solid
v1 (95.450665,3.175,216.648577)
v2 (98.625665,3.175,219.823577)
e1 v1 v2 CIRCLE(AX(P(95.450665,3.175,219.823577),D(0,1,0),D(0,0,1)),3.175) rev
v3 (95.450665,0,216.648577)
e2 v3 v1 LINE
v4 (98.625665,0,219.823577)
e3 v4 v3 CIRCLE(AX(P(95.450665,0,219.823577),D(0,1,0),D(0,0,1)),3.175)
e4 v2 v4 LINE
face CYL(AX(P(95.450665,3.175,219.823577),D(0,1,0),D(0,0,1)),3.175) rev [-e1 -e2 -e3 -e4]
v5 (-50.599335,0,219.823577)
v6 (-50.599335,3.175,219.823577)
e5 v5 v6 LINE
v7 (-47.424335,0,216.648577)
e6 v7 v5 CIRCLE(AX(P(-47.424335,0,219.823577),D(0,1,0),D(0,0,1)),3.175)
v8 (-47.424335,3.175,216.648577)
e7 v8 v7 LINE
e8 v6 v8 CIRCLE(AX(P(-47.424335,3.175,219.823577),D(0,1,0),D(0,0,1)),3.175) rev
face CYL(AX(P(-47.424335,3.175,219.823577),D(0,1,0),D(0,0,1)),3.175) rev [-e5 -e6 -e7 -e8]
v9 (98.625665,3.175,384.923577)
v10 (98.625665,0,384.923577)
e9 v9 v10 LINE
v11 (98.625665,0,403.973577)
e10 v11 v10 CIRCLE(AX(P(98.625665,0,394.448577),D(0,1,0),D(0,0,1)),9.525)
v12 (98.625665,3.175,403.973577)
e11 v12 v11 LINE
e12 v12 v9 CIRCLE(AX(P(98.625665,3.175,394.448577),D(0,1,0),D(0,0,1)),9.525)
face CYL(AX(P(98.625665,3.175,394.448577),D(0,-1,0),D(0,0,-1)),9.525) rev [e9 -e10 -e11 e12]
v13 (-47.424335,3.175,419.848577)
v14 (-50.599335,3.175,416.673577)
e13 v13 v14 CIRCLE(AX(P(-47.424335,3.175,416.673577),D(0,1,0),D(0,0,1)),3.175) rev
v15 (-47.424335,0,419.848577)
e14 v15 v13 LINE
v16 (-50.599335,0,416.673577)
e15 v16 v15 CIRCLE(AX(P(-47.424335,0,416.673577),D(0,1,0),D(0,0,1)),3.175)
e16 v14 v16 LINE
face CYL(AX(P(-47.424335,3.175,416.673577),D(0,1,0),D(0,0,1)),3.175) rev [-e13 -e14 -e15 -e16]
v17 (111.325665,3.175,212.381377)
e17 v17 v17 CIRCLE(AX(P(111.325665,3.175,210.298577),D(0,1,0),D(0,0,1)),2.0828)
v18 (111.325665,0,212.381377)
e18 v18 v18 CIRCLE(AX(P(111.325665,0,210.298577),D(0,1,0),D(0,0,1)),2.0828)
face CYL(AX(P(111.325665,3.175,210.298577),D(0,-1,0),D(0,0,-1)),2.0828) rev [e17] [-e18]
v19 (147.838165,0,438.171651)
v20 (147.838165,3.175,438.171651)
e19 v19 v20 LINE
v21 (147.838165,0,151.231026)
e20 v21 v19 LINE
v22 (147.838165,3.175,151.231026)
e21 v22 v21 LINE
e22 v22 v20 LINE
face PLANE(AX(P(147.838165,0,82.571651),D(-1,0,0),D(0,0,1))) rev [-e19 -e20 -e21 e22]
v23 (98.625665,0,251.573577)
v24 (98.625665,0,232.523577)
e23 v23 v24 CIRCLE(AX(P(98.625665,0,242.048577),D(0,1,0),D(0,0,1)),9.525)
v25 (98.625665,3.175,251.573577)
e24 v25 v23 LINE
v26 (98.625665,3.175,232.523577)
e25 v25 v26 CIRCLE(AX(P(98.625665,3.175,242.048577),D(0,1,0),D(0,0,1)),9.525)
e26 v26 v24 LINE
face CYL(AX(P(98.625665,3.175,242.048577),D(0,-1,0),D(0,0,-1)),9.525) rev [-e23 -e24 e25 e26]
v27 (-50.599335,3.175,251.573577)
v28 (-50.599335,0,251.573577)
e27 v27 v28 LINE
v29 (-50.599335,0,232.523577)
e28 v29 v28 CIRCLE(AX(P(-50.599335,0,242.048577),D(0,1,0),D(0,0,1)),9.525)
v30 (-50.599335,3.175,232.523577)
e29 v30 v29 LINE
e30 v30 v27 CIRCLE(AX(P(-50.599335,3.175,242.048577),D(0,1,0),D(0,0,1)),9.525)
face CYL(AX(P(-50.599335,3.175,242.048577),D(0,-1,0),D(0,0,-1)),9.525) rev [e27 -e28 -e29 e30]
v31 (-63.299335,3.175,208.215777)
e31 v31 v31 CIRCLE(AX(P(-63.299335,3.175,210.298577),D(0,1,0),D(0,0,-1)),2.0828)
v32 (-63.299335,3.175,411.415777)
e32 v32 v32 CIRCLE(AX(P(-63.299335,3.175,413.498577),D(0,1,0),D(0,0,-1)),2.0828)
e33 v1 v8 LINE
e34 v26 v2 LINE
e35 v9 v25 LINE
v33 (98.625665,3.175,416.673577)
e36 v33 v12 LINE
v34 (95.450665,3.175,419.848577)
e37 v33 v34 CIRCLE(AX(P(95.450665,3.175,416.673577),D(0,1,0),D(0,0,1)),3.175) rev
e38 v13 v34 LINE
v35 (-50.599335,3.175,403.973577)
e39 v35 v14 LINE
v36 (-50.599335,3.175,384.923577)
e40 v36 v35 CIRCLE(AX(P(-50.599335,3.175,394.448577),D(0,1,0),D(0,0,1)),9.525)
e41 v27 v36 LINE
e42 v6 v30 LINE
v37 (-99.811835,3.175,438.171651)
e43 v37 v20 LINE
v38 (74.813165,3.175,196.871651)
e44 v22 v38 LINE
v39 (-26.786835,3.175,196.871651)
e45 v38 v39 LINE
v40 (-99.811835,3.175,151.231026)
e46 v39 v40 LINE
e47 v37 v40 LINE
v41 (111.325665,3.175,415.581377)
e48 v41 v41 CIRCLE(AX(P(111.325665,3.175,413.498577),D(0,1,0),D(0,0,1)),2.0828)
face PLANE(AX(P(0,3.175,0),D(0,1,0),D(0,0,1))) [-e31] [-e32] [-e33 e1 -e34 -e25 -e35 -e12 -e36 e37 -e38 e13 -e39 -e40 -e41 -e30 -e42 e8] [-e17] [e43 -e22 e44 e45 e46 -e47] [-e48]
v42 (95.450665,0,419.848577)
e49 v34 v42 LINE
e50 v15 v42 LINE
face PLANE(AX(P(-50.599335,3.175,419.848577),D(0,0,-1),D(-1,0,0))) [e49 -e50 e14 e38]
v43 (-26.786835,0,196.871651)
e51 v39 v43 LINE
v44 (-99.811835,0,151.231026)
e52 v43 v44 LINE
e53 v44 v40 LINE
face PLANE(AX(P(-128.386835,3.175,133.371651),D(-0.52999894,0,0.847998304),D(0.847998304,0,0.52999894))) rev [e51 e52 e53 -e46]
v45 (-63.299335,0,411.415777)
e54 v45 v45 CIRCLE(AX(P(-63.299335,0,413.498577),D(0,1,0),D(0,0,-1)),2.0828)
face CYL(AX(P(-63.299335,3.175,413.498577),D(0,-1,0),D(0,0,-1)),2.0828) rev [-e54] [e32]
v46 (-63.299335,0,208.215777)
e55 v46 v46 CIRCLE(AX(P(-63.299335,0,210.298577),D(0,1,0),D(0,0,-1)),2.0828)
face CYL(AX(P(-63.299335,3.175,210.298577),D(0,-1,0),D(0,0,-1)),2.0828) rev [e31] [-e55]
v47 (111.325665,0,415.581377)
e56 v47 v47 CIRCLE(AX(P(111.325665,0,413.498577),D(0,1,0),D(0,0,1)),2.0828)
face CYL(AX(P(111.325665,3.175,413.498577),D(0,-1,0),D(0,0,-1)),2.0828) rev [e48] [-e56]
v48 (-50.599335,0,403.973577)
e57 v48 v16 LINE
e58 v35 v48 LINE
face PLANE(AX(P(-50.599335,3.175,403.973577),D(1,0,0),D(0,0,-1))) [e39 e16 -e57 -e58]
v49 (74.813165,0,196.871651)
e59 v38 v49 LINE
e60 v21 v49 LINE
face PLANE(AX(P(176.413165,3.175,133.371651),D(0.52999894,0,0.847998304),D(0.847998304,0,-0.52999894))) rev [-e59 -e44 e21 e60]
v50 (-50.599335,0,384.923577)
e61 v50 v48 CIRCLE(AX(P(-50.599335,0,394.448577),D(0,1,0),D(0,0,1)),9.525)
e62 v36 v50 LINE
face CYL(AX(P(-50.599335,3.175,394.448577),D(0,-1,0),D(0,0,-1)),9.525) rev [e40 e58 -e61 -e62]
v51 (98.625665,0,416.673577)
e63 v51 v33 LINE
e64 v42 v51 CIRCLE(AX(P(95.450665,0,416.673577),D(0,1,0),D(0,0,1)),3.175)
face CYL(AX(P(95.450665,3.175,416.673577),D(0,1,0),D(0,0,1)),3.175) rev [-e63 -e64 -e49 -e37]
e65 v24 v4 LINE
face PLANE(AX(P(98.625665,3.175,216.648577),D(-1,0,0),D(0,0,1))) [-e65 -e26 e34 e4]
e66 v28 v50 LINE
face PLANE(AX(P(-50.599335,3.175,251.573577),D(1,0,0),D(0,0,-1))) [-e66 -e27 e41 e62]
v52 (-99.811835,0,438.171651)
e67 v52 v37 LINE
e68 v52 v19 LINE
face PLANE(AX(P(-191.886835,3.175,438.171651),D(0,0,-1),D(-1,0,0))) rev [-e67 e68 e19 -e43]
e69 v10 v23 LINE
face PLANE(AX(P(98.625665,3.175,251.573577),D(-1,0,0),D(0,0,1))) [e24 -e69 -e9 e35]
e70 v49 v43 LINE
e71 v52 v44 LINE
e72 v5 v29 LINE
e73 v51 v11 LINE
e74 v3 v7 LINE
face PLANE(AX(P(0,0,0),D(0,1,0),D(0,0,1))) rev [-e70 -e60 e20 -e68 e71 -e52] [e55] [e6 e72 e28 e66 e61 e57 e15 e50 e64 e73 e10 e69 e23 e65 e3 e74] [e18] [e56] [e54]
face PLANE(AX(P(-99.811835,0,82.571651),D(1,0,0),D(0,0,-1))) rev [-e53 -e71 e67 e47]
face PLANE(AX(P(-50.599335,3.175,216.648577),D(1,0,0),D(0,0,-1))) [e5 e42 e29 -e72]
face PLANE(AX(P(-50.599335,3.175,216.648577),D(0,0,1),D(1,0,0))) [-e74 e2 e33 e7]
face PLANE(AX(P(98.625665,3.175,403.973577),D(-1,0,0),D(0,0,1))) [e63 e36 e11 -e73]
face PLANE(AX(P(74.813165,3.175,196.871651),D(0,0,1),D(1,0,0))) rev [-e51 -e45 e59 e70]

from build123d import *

# Parameters (mm, degrees)
SKETCH1_W               = 63.5
SKETCH1_H               = 190.5
BOSS_EXTRUDE1_DEPTH     = 3.175
SKETCH3_R               = 2.0828
CUT_EXTRUDE2_DEPTH      = 526.850378691
SKETCH4_R               = 2.0828
CUT_EXTRUDE4_DEPTH      = 526.850378691
FILLET2_R               = 3.175
CUT_EXTRUDE5_DEPTH      = 526.850378691
CUT_EXTRUDE5_DEPTH_BACK = 526.850378691
SKETCH5_W               = 142.875
SKETCH5_H               = 355.6


with BuildPart() as part:
    # Sketch1 → Boss-Extrude1 (new body)
    with BuildSketch(Plane(origin=(0, 0, 0), x_dir=(1, 0, 0), z_dir=(0, 1, 0))):
        Polygon((-242.686835374, -133.432512515), (-242.686835374, -385.491221995), (-242.686835374, -387.371651362), (-191.886835374, -438.171651362), (239.913164626, -438.171651362), (290.713164626, -387.371651362), (290.713164626, -133.371651362), (176.413164626, -82.571651362), (176.413164626, -133.371651362), (74.813164626, -196.871651362), (-26.786835374, -196.871651362), (-128.386835374, -133.371651362), (-128.386835374, -82.571651362), (-242.686835374, -133.371651362), align=None)
        with Locations((233.563164626, -243.80020948)):
            Rectangle(SKETCH1_W, SKETCH1_H, mode=Mode.SUBTRACT)
        with Locations((-185.536835374, -243.80020948)):
            Rectangle(SKETCH1_W, SKETCH1_H, mode=Mode.SUBTRACT)
    extrude(amount=BOSS_EXTRUDE1_DEPTH)

    # Sketch3 → Cut-Extrude2 (cut, through all)
    with BuildSketch(Plane(origin=(0, 0, 0), x_dir=(1, 0, 0), z_dir=(0, 1, 0))):
        with Locations(Location((-114.278235374, -270.125471314, 0), (0, 0, 270))):
            Circle(SKETCH3_R)
        with Locations(Location((-143.449035374, -284.13540948, 0), (0, 0, 270))):
            Circle(SKETCH3_R)
        with Locations(Location((-114.278235374, -217.474947647, 0), (0, 0, 270))):
            Circle(SKETCH3_R)
        with Locations(Location((-143.449035374, -203.46500948, 0), (0, 0, 270))):
            Circle(SKETCH3_R)
        with Locations(Location((191.475364626, -284.13540948, 0), (0, 0, 270))):
            Circle(SKETCH3_R)
        with Locations(Location((162.304564626, -270.125471314, 0), (0, 0, 270))):
            Circle(SKETCH3_R)
        with Locations(Location((162.304564626, -217.474947647, 0), (0, 0, 270))):
            Circle(SKETCH3_R)
        with Locations(Location((191.475364626, -203.46500948, 0), (0, 0, 270))):
            Circle(SKETCH3_R)
    extrude(amount=CUT_EXTRUDE2_DEPTH, mode=Mode.SUBTRACT)

    # Sketch4 → Cut-Extrude4 (cut, through all)
    with BuildSketch(Plane(origin=(0, 0, 0), x_dir=(1, 0, 0), z_dir=(0, 1, 0))):
        with Locations(Location((111.325664626, -210.298576853, 0), (0, 0, 270))):
            Circle(SKETCH4_R)
        with Locations(Location((111.325664626, -413.498576853, 0), (0, 0, 270))):
            Circle(SKETCH4_R)
        with Locations(Location((-63.299335374, -413.498576853, 0), (0, 0, 90))):
            Circle(SKETCH4_R)
        with Locations(Location((-63.299335374, -210.298576853, 0), (0, 0, 90))):
            Circle(SKETCH4_R)
        with BuildLine():
            Line((-50.599335374, -216.648576853), (98.625664626, -216.648576853))
            Line((98.625664626, -216.648576853), (98.625664626, -232.523576853))
            ThreePointArc((98.625664626, -232.523576853), (108.150664626, -242.048576853), (98.625664626, -251.573576853))
            Line((98.625664626, -251.573576853), (98.625664626, -384.923576853))
            ThreePointArc((98.625664626, -384.923576853), (108.150664626, -394.448576853), (98.625664626, -403.973576853))
            Line((98.625664626, -403.973576853), (98.625664626, -419.848576853))
            Line((98.625664626, -419.848576853), (-50.599335374, -419.848576853))
            Line((-50.599335374, -419.848576853), (-50.599335374, -403.973576853))
            ThreePointArc((-50.599335374, -403.973576853), (-60.124335374, -394.448576853), (-50.599335374, -384.923576853))
            Line((-50.599335374, -384.923576853), (-50.599335374, -251.573576853))
            ThreePointArc((-50.599335374, -251.573576853), (-60.124335374, -242.048576853), (-50.599335374, -232.523576853))
            Line((-50.599335374, -232.523576853), (-50.599335374, -216.648576853))
        make_face()
    extrude(amount=CUT_EXTRUDE4_DEPTH, mode=Mode.SUBTRACT)

    # Fillet2
    fillet2_edges = [part.edges().sort_by_distance(p)[0] for p in [
        (98.625664626, 1.5875, 419.848576853),
        (98.625664626, 1.5875, 216.648576853),
        (-50.599335374, 1.5875, 216.648576853),
        (-50.599335374, 1.5875, 419.848576853),
    ]]
    fillet(fillet2_edges, radius=FILLET2_R)

    # Sketch5 → Cut-Extrude5 (cut, two sides: drawn at the far end of the back side and taken through both)
    with BuildSketch(Plane(origin=(0, 3.175, 0), x_dir=(1, 0, 0), z_dir=(0, 1, 0)).offset(-CUT_EXTRUDE5_DEPTH_BACK)):
        with Locations((-171.249335374, -260.371651362)):
            Rectangle(SKETCH5_W, SKETCH5_H)
        with Locations((219.275664626, -260.371651362)):
            Rectangle(SKETCH5_W, SKETCH5_H)
    extrude(amount=CUT_EXTRUDE5_DEPTH + CUT_EXTRUDE5_DEPTH_BACK, mode=Mode.SUBTRACT)


solid = part.part
